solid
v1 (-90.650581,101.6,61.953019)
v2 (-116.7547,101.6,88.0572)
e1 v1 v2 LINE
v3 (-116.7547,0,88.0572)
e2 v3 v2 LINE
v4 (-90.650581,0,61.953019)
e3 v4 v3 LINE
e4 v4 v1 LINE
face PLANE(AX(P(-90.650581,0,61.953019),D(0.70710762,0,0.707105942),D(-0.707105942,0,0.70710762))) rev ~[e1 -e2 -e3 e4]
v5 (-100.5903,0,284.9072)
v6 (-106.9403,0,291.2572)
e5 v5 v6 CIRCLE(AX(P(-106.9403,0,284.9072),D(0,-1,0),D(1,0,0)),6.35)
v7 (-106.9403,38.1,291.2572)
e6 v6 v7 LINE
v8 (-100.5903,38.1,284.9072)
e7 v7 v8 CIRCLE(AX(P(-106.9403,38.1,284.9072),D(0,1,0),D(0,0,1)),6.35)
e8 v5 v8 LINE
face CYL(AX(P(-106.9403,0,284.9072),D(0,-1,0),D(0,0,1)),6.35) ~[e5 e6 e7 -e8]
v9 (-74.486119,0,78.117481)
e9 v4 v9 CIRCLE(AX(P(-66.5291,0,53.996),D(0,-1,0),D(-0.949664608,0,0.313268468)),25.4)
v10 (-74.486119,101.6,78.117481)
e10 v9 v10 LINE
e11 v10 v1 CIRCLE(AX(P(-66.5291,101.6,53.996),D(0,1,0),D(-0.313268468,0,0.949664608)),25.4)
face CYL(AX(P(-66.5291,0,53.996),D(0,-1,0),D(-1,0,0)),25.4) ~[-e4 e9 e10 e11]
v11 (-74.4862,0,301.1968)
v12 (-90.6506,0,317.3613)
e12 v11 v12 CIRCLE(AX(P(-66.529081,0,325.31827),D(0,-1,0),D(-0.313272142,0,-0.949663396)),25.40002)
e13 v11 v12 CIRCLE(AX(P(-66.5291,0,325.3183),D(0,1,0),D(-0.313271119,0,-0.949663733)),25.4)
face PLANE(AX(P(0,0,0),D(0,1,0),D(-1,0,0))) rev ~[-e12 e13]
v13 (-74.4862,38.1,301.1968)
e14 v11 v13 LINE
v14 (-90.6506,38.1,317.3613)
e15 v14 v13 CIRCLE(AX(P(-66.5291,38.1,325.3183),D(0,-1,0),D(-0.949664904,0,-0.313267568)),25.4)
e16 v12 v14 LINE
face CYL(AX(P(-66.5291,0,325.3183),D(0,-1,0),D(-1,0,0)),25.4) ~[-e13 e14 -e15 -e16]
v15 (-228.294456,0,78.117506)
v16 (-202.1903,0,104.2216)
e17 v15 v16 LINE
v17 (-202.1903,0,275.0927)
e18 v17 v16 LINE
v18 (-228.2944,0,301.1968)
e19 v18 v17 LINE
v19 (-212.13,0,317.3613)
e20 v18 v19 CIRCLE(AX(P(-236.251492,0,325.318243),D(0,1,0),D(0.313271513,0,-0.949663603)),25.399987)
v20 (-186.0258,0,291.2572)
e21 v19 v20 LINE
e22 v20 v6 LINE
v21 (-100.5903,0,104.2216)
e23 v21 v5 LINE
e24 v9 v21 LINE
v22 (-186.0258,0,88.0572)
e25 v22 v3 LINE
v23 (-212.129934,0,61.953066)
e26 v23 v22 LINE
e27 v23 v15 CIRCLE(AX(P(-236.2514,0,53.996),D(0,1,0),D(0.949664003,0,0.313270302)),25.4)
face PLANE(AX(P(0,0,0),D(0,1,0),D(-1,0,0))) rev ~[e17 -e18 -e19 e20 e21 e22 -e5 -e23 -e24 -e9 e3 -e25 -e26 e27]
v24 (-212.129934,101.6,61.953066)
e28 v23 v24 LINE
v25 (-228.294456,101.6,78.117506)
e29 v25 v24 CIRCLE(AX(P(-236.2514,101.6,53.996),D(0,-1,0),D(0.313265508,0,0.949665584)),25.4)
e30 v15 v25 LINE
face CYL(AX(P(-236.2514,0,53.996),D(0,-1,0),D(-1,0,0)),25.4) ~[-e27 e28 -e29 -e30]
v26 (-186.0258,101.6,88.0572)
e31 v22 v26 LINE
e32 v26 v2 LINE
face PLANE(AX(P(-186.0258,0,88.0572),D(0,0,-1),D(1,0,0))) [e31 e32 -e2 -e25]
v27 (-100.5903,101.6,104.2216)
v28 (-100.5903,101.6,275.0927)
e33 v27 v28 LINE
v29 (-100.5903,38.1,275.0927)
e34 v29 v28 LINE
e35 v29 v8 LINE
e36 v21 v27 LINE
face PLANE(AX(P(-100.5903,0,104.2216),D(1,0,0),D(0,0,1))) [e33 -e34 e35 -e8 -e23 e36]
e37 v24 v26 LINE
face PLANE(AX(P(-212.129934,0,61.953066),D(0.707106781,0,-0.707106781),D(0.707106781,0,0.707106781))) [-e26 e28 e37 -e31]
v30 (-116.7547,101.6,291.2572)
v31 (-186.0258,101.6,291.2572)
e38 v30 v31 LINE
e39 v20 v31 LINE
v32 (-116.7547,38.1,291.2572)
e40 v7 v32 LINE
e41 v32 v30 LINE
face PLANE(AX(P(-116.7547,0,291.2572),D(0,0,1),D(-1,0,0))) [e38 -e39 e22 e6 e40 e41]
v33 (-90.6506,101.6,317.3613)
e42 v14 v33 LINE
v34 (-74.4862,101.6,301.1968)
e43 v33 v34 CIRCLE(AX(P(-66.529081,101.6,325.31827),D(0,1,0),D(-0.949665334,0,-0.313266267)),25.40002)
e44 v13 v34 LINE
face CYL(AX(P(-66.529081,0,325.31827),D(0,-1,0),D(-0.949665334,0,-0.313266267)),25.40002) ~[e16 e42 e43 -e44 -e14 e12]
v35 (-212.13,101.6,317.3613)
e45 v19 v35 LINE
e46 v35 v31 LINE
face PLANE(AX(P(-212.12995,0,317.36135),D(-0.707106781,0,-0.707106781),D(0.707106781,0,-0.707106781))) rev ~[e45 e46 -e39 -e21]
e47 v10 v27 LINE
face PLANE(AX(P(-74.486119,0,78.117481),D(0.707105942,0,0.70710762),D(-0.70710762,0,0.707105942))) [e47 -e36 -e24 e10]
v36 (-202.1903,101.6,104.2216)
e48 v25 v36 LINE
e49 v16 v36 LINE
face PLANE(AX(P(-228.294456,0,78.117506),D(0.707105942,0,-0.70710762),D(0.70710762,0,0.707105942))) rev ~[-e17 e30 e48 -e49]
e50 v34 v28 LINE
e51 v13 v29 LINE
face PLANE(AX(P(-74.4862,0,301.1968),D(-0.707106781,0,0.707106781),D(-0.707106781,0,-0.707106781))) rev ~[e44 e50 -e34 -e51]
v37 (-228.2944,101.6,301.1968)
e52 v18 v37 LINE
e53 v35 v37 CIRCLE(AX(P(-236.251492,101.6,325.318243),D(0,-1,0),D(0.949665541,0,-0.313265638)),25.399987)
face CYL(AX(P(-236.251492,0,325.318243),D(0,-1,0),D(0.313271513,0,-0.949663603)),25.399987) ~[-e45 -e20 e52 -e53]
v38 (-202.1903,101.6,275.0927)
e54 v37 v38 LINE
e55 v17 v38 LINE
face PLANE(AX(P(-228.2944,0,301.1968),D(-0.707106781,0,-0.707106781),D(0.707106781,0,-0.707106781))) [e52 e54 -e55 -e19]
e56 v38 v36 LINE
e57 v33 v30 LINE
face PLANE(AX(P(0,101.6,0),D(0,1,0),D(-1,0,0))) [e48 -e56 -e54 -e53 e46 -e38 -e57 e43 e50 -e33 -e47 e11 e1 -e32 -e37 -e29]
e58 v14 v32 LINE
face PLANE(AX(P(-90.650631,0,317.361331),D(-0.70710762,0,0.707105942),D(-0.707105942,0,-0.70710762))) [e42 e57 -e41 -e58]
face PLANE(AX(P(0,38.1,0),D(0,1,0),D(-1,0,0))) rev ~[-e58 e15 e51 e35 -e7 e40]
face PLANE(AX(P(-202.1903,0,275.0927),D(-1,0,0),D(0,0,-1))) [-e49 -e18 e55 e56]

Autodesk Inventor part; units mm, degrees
ref_plane "YZ Plane" through (0, 0, 0) normal (1, 0, 0) x (0, 1, 0)
ref_plane "XZ Plane" through (0, 0, 0) normal (0, 1, 0) x (-1, 0, 0)
ref_plane "XY Plane" through (0, 0, 0) normal (0, 0, 1) x (1, 0, 0)
sketch "Sketch1" plane through (0, 0, 0) normal (0, 1, 0) x (-1, 0, 0)
  line L0 (106.9403, 291.2572) -> (195.8403, 291.2572)
  line L1 (202.1903, 284.9072) -> (202.1903, 94.4072)
  line L2 (195.8403, 88.0572) -> (106.9403, 88.0572)
  line L3 (100.5903, 94.4072) -> (100.5903, 284.9072)
  arc A0 (202.1903, 284.9072) -> (195.8403, 291.2572) centre (195.8403, 284.9072) ccw
  arc A1 (195.8403, 88.0572) -> (202.1903, 94.4072) centre (195.8403, 94.4072) ccw
  arc A2 (106.9403, 291.2572) -> (100.5903, 284.9072) centre (106.9403, 284.9072) ccw
  arc A3 (100.5903, 94.4072) -> (106.9403, 88.0572) centre (106.9403, 94.4072) ccw
  line L4 (200.3304, 289.3973) -> (236.2514, 325.3183)
  line L5 (200.3304, 289.3973) -> (251.1304, 289.3973) construction
  line L6 (200.3304, 89.917) -> (236.2514, 53.996)
  line L7 (200.3304, 89.917) -> (251.1304, 89.917) construction
  line L8 (102.4502, 289.3973) -> (66.5291, 325.3183) construction
  line L9 (102.4502, 89.917) -> (66.5291, 53.996)
  line L10 (102.4502, 89.917) -> (153.2502, 89.917) construction
  arc A4 (228.2944, 301.1968) -> (212.13, 317.3613) centre (236.2514, 325.3183) ccw
  circle A5 centre (236.2514, 53.996) radius 25.4
  arc A6 (90.6506, 317.3613) -> (74.4862, 301.1968) centre (66.5291, 325.3183) ccw
  circle A7 centre (66.5291, 53.996) radius 25.4
  line L11 (66.5291, 325.3183) -> (58.4469, 317.2361)
  line L12 (58.4469, 317.2361) -> (100.5903, 275.0927)
  line L13 (66.5291, 325.3183) -> (74.6114, 333.4006)
  line L14 (74.6114, 333.4006) -> (116.7547, 291.2572)
  line L15 (236.2514, 325.3183) -> (228.1692, 333.4006)
  line L16 (228.1692, 333.4006) -> (236.2514, 325.3183)
  line L17 (236.2514, 325.3183) -> (244.3337, 317.2361)
  line L18 (228.1692, 333.4006) -> (186.0258, 291.2572)
  line L19 (244.3337, 317.2361) -> (202.1903, 275.0927)
  line L20 (293.8482, 183.4348) -> (-26.9886, 183.4348) construction
  line L21 (236.2514, 53.996) -> (228.1692, 45.9138)
  line L22 (236.2514, 53.996) -> (247.6814, 53.996) construction
  line L23 (236.2514, 53.996) -> (244.3337, 62.0783)
  line L24 (228.1692, 45.9138) -> (186.0258, 88.0572)
  line L25 (244.3337, 62.0783) -> (202.1903, 104.2216)
  line L26 (66.5291, 53.996) -> (74.6114, 45.9138)
  line L27 (66.5291, 53.996) -> (58.4469, 62.0783)
  line L28 (58.4469, 62.0783) -> (100.5903, 104.2216)
  line L29 (74.6114, 45.9138) -> (116.7547, 88.0572)
  circle A8 centre (66.5291, 325.3183) radius 25.4
  circle A9 centre (236.2514, 325.3183) radius 25.4
  line L30 (66.5291, 325.3183) -> (102.4502, 289.3973)
  point P0 (0, 0)
  point P1 (202.1903, 88.0572)
  point P2 (202.1903, 291.2572)
  point P3 (100.5903, 88.0572)
  point P4 (228.2944, 78.1175)
  point P5 (212.13, 61.953)
  point P6 (74.4862, 78.1175)
  point P7 (90.6506, 61.953)
  point P8 (74.4862, 301.1968)
  dimension "d0" = 101.6
  dimension "d1" = 203.2
  dimension "d2" = 6.35
  dimension "d3" = 50.8
  dimension "d4" = 45
  dimension "d5" = 50.8
  dimension "d6" = 45
  dimension "d7" = 50.8
  dimension "d8" = 50.8
  dimension "d9" = 135
  dimension "d10" = 50.8
  dimension "d11" = 50.8
  dimension "d12" = 50.8
  dimension "d13" = 50.8
  dimension "d14" = 11.43
  dimension "d15" = 11.43
  dimension "d16" = 11.43
  dimension "d17" = 135
  dimension "d18" = 11.43
  dimension "d19" = 11.43
  dimension "d20" = 11.43
extrude "Extrusion1" add sketch "Sketch1" along normal blind 101.6 contours L0 A0 L1 A1 L2 A3 L3 A2
extrude "Extrusion2" add sketch "Sketch1" along normal blind 101.6 contours A2 L30 A8 L14 L0 | A2 L3 L12 A8 L30 | L18 A9 L4 A0 L0 | L14 L13 L11 L12 A6 | A8 L30 L13 L14 | A8 L12 L11 L30 | A4 L19 L17 L15 L18 | L18 L15 L4 A9 | L4 A9 L19 L1 A0 | L4 L17 L19 A9 | L3 A3 L9 A7 L28 | L28 L27 L26 L29 A7 | A7 L9 L27 L28 | A3 L2 L29 A7 L9 | A7 L29 L26 L9 | L25 A5 L6 A1 L1 | L25 L23 L6 A5 | A5 L24 L21 L23 L25 | L6 A5 L24 L2 A1 | L6 L21 L24 A5
extrude "Extrusion3" cut sketch "Sketch1" along normal blind 38.1 contours A2 L30 A8 L14 L0 | A2 L3 L12 A8 L30
sketch "Sketch2" plane through (0, 101.6, 0) normal (0, 1, 0) x (1, 0, 0)
  line L0 (106.9403, 291.2572) -> (195.8403, 291.2572)
  line L1 (202.1903, 284.9072) -> (202.1903, 94.4072)
  line L2 (195.8403, 88.0572) -> (106.9403, 88.0572)
  line L3 (100.5903, 94.4072) -> (100.5903, 284.9072)
  arc A0 (202.1903, 284.9072) -> (195.8403, 291.2572) centre (195.8403, 284.9072) ccw
  arc A1 (195.8403, 88.0572) -> (202.1903, 94.4072) centre (195.8403, 94.4072) ccw
  arc A2 (106.9403, 291.2572) -> (100.5903, 284.9072) centre (106.9403, 284.9072) ccw
  arc A3 (100.5903, 94.4072) -> (106.9403, 88.0572) centre (106.9403, 94.4072) ccw
  line L4 (200.3304, 289.3973) -> (236.2514, 325.3183)
  line L5 (200.3304, 289.3973) -> (251.1304, 289.3973) construction
  line L6 (200.3304, 89.917) -> (236.2514, 53.996)
  line L7 (200.3304, 89.917) -> (251.1304, 89.917) construction
  line L8 (102.4502, 289.3973) -> (66.5291, 325.3183) construction
  line L9 (102.4502, 89.917) -> (66.5291, 53.996)
  line L10 (102.4502, 89.917) -> (153.2502, 89.917) construction
  arc A4 (228.2944, 301.1968) -> (212.13, 317.3613) centre (236.2514, 325.3183) ccw
  circle A5 centre (236.2514, 53.996) radius 25.4
  arc A6 (90.6506, 317.3613) -> (74.4862, 301.1968) centre (66.5291, 325.3183) ccw
  circle A7 centre (66.5291, 53.996) radius 25.4
  line L11 (66.5291, 325.3183) -> (58.4469, 317.2361)
  line L12 (58.4469, 317.2361) -> (100.5903, 275.0927)
  line L13 (66.5291, 325.3183) -> (74.6114, 333.4006)
  line L14 (74.6114, 333.4006) -> (116.7547, 291.2572)
  line L15 (236.2514, 325.3183) -> (228.1692, 333.4006)
  line L16 (228.1692, 333.4006) -> (236.2514, 325.3183)
  line L17 (236.2514, 325.3183) -> (244.3337, 317.2361)
  line L18 (228.1692, 333.4006) -> (186.0258, 291.2572)
  line L19 (244.3337, 317.2361) -> (202.1903, 275.0927)
  line L20 (293.8482, 183.4348) -> (-26.9886, 183.4348) construction
  line L21 (236.2514, 53.996) -> (228.1692, 45.9138)
  line L22 (236.2514, 53.996) -> (247.6814, 53.996) construction
  line L23 (236.2514, 53.996) -> (244.3337, 62.0783)
  line L24 (228.1692, 45.9138) -> (186.0258, 88.0572)
  line L25 (244.3337, 62.0783) -> (202.1903, 104.2216)
  line L26 (66.5291, 53.996) -> (74.6114, 45.9138)
  line L27 (66.5291, 53.996) -> (58.4469, 62.0783)
  line L28 (58.4469, 62.0783) -> (100.5903, 104.2216)
  line L29 (74.6114, 45.9138) -> (116.7547, 88.0572)
  circle A8 centre (66.5291, 325.3183) radius 25.4
  circle A9 centre (236.2514, 325.3183) radius 25.4
  line L30 (66.5291, 325.3183) -> (102.4502, 289.3973)
  line L31 (200.3304, 289.3973) -> (102.4502, 89.917)
  line L32 (200.3304, 89.917) -> (102.4502, 289.3973)
  point P0 (0, 0)
  point P1 (202.1903, 88.0572)
  point P2 (202.1903, 291.2572)
  point P3 (100.5903, 88.0572)
  point P4 (228.2944, 78.1175)
  point P5 (212.13, 61.953)
  point P6 (74.4862, 78.1175)
  point P7 (90.6506, 61.953)
  point P8 (74.4862, 301.1968)
  dimension "d27" = 101.6
  dimension "d28" = 203.2
  dimension "d29" = 6.35
  dimension "d30" = 50.8
  dimension "d31" = 45
  dimension "d32" = 50.8
  dimension "d33" = 45
  dimension "d34" = 50.8
  dimension "d35" = 50.8
  dimension "d36" = 135
  dimension "d37" = 50.8
  dimension "d38" = 50.8
  dimension "d39" = 50.8
  dimension "d40" = 50.8
  dimension "d41" = 11.43
  dimension "d42" = 11.43
  dimension "d43" = 11.43
  dimension "d44" = 135
  dimension "d45" = 11.43
  dimension "d46" = 11.43
  dimension "d47" = 11.43
